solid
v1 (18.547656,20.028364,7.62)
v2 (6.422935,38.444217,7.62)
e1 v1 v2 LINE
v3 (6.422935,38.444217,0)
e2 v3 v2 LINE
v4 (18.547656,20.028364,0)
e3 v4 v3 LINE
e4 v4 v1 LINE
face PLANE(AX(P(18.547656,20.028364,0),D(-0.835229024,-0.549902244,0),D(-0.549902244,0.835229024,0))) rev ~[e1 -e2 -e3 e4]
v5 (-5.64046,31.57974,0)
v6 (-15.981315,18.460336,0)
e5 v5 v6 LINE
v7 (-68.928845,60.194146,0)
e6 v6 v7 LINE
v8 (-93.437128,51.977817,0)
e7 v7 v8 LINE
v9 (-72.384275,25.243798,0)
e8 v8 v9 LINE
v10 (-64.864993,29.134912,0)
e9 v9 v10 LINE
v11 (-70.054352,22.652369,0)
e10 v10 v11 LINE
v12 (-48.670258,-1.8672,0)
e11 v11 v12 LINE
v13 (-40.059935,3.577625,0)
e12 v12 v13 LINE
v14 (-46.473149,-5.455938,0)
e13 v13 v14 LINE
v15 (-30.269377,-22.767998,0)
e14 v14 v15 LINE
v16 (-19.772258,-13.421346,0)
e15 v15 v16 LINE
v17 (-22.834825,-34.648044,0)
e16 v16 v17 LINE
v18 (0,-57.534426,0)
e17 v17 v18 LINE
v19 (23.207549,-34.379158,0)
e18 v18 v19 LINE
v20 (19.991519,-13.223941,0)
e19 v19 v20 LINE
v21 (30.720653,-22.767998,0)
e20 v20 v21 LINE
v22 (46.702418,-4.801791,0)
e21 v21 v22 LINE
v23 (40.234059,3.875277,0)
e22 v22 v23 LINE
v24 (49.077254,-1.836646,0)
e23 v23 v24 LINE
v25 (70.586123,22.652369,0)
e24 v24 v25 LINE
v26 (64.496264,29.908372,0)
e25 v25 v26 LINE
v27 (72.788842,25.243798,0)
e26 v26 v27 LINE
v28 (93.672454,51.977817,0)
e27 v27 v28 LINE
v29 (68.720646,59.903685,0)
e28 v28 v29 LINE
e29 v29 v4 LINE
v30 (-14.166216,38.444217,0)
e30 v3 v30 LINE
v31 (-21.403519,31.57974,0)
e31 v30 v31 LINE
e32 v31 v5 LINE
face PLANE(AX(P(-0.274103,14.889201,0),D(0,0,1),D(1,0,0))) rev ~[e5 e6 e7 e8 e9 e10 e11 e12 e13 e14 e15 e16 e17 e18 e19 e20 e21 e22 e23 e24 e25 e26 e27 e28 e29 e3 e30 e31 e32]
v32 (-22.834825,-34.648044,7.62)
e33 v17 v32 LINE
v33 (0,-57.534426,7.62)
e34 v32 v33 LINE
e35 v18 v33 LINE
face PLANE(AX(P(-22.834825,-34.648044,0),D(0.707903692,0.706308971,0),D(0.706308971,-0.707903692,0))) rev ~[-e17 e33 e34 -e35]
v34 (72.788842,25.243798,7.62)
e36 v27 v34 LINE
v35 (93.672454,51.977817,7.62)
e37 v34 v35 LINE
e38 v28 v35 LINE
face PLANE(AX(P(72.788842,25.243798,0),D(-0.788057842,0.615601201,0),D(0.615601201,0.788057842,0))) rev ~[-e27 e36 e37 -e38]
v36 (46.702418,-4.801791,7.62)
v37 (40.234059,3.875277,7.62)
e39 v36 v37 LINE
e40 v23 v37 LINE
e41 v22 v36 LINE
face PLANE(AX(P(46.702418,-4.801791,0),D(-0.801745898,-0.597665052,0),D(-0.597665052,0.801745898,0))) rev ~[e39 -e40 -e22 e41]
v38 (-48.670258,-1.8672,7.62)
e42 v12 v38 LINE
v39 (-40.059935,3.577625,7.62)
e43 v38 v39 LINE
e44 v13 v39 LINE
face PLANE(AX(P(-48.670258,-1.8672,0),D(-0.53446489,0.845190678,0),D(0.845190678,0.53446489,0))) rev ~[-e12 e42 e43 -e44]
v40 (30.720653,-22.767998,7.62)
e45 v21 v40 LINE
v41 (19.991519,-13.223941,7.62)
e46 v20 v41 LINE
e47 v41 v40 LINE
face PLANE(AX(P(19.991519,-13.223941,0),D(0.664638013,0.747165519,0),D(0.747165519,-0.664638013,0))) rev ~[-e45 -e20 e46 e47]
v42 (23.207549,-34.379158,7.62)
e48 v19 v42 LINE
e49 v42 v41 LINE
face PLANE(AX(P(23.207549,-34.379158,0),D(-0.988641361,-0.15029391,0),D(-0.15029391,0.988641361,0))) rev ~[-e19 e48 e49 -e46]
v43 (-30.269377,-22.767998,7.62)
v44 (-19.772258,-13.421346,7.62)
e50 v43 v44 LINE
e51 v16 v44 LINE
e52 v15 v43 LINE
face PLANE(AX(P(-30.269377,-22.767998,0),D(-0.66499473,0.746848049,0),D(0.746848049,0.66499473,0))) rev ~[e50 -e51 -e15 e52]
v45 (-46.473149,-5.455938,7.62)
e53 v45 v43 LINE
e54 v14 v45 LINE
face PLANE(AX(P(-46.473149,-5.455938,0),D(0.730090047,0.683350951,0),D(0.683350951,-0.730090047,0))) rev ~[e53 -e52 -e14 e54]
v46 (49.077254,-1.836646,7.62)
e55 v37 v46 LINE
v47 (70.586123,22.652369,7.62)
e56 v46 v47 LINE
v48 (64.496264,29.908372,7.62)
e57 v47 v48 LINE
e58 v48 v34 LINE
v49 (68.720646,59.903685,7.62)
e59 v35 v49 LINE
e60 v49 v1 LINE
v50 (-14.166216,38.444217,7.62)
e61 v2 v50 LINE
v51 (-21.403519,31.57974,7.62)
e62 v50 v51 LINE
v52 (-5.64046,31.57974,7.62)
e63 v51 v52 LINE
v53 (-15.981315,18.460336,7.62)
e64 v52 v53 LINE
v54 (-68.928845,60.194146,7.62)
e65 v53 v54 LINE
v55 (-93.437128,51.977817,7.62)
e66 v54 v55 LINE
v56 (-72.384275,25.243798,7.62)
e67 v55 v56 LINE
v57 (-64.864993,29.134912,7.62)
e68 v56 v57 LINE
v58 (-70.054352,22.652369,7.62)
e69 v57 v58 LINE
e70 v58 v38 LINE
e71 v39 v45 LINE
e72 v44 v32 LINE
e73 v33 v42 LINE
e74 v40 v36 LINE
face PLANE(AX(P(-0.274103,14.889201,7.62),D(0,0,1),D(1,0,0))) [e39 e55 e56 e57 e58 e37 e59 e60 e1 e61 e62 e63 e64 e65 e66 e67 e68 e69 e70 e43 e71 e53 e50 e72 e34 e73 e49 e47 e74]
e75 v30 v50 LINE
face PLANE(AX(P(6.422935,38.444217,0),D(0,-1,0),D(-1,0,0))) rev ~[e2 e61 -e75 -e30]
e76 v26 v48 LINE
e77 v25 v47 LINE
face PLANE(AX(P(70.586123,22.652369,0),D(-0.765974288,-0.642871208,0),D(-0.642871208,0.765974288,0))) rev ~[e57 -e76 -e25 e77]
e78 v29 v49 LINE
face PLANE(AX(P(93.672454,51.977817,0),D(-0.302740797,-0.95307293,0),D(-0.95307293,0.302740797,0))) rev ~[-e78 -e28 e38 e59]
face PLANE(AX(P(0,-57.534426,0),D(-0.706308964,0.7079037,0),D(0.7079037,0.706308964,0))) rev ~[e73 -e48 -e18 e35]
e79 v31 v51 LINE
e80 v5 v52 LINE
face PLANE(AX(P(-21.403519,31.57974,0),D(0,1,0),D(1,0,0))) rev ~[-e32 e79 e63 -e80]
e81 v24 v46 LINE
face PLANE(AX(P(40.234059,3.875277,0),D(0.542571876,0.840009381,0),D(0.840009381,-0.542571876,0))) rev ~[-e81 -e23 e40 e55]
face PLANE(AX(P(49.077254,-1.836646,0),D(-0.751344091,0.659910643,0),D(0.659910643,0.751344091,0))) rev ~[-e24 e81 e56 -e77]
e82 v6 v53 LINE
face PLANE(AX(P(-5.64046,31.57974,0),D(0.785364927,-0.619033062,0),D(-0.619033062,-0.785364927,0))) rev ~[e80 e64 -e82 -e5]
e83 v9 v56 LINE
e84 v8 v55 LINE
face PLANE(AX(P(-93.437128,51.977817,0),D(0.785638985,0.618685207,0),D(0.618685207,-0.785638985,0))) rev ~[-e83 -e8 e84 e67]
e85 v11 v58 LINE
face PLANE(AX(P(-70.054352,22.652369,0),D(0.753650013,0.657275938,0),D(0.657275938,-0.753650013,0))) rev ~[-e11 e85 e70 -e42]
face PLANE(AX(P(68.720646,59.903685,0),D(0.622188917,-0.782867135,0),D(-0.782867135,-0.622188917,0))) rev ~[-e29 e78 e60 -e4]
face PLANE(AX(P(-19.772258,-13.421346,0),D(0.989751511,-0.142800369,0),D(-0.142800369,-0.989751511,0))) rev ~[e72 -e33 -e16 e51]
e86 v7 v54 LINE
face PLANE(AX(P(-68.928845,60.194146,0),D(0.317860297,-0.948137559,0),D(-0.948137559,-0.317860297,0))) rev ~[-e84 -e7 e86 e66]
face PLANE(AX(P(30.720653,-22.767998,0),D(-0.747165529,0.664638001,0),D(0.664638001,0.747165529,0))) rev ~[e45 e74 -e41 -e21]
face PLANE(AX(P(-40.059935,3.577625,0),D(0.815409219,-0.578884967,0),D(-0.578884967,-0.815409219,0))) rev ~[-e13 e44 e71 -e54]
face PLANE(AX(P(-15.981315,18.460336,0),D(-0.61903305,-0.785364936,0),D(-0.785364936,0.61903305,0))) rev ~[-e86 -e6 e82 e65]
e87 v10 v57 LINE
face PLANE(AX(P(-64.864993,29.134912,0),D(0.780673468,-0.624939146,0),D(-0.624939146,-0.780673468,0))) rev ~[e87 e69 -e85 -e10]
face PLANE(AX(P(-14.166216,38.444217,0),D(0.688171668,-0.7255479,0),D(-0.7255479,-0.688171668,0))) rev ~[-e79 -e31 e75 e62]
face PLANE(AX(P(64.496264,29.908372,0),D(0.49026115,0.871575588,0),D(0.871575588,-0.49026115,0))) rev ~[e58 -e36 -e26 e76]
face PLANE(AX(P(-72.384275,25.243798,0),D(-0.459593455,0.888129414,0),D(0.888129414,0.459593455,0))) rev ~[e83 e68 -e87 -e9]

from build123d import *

# Parameters (mm, degrees)
F1_DEPTH = 7.62


with BuildPart() as f1:
    # F0 (on Top) → F1 (new body)
    with BuildSketch(Plane.XY):
        Polygon((6.422935, 38.444217), (-14.166216, 38.444217), (-21.403519, 31.57974), (-5.64046, 31.57974), (-15.981315, 18.460336), (-68.928845, 60.194146), (-93.437128, 51.977817), (-72.384275, 25.243798), (-64.864993, 29.134912), (-70.054352, 22.652369), (-48.670258, -1.8672), (-40.059935, 3.577625), (-46.473149, -5.455938), (-30.269377, -22.767998), (-19.772258, -13.421346), (-22.834825, -34.648044), (0, -57.534426), (23.207549, -34.379158), (19.991519, -13.223941), (30.720653, -22.767998), (46.702418, -4.801791), (40.234059, 3.875277), (49.077254, -1.836646), (70.586123, 22.652369), (64.496264, 29.908372), (72.788842, 25.243798), (93.672454, 51.977817), (68.720646, 59.903685), (18.547656, 20.028364), align=None)
    extrude(amount=F1_DEPTH)


solid = f1.part
